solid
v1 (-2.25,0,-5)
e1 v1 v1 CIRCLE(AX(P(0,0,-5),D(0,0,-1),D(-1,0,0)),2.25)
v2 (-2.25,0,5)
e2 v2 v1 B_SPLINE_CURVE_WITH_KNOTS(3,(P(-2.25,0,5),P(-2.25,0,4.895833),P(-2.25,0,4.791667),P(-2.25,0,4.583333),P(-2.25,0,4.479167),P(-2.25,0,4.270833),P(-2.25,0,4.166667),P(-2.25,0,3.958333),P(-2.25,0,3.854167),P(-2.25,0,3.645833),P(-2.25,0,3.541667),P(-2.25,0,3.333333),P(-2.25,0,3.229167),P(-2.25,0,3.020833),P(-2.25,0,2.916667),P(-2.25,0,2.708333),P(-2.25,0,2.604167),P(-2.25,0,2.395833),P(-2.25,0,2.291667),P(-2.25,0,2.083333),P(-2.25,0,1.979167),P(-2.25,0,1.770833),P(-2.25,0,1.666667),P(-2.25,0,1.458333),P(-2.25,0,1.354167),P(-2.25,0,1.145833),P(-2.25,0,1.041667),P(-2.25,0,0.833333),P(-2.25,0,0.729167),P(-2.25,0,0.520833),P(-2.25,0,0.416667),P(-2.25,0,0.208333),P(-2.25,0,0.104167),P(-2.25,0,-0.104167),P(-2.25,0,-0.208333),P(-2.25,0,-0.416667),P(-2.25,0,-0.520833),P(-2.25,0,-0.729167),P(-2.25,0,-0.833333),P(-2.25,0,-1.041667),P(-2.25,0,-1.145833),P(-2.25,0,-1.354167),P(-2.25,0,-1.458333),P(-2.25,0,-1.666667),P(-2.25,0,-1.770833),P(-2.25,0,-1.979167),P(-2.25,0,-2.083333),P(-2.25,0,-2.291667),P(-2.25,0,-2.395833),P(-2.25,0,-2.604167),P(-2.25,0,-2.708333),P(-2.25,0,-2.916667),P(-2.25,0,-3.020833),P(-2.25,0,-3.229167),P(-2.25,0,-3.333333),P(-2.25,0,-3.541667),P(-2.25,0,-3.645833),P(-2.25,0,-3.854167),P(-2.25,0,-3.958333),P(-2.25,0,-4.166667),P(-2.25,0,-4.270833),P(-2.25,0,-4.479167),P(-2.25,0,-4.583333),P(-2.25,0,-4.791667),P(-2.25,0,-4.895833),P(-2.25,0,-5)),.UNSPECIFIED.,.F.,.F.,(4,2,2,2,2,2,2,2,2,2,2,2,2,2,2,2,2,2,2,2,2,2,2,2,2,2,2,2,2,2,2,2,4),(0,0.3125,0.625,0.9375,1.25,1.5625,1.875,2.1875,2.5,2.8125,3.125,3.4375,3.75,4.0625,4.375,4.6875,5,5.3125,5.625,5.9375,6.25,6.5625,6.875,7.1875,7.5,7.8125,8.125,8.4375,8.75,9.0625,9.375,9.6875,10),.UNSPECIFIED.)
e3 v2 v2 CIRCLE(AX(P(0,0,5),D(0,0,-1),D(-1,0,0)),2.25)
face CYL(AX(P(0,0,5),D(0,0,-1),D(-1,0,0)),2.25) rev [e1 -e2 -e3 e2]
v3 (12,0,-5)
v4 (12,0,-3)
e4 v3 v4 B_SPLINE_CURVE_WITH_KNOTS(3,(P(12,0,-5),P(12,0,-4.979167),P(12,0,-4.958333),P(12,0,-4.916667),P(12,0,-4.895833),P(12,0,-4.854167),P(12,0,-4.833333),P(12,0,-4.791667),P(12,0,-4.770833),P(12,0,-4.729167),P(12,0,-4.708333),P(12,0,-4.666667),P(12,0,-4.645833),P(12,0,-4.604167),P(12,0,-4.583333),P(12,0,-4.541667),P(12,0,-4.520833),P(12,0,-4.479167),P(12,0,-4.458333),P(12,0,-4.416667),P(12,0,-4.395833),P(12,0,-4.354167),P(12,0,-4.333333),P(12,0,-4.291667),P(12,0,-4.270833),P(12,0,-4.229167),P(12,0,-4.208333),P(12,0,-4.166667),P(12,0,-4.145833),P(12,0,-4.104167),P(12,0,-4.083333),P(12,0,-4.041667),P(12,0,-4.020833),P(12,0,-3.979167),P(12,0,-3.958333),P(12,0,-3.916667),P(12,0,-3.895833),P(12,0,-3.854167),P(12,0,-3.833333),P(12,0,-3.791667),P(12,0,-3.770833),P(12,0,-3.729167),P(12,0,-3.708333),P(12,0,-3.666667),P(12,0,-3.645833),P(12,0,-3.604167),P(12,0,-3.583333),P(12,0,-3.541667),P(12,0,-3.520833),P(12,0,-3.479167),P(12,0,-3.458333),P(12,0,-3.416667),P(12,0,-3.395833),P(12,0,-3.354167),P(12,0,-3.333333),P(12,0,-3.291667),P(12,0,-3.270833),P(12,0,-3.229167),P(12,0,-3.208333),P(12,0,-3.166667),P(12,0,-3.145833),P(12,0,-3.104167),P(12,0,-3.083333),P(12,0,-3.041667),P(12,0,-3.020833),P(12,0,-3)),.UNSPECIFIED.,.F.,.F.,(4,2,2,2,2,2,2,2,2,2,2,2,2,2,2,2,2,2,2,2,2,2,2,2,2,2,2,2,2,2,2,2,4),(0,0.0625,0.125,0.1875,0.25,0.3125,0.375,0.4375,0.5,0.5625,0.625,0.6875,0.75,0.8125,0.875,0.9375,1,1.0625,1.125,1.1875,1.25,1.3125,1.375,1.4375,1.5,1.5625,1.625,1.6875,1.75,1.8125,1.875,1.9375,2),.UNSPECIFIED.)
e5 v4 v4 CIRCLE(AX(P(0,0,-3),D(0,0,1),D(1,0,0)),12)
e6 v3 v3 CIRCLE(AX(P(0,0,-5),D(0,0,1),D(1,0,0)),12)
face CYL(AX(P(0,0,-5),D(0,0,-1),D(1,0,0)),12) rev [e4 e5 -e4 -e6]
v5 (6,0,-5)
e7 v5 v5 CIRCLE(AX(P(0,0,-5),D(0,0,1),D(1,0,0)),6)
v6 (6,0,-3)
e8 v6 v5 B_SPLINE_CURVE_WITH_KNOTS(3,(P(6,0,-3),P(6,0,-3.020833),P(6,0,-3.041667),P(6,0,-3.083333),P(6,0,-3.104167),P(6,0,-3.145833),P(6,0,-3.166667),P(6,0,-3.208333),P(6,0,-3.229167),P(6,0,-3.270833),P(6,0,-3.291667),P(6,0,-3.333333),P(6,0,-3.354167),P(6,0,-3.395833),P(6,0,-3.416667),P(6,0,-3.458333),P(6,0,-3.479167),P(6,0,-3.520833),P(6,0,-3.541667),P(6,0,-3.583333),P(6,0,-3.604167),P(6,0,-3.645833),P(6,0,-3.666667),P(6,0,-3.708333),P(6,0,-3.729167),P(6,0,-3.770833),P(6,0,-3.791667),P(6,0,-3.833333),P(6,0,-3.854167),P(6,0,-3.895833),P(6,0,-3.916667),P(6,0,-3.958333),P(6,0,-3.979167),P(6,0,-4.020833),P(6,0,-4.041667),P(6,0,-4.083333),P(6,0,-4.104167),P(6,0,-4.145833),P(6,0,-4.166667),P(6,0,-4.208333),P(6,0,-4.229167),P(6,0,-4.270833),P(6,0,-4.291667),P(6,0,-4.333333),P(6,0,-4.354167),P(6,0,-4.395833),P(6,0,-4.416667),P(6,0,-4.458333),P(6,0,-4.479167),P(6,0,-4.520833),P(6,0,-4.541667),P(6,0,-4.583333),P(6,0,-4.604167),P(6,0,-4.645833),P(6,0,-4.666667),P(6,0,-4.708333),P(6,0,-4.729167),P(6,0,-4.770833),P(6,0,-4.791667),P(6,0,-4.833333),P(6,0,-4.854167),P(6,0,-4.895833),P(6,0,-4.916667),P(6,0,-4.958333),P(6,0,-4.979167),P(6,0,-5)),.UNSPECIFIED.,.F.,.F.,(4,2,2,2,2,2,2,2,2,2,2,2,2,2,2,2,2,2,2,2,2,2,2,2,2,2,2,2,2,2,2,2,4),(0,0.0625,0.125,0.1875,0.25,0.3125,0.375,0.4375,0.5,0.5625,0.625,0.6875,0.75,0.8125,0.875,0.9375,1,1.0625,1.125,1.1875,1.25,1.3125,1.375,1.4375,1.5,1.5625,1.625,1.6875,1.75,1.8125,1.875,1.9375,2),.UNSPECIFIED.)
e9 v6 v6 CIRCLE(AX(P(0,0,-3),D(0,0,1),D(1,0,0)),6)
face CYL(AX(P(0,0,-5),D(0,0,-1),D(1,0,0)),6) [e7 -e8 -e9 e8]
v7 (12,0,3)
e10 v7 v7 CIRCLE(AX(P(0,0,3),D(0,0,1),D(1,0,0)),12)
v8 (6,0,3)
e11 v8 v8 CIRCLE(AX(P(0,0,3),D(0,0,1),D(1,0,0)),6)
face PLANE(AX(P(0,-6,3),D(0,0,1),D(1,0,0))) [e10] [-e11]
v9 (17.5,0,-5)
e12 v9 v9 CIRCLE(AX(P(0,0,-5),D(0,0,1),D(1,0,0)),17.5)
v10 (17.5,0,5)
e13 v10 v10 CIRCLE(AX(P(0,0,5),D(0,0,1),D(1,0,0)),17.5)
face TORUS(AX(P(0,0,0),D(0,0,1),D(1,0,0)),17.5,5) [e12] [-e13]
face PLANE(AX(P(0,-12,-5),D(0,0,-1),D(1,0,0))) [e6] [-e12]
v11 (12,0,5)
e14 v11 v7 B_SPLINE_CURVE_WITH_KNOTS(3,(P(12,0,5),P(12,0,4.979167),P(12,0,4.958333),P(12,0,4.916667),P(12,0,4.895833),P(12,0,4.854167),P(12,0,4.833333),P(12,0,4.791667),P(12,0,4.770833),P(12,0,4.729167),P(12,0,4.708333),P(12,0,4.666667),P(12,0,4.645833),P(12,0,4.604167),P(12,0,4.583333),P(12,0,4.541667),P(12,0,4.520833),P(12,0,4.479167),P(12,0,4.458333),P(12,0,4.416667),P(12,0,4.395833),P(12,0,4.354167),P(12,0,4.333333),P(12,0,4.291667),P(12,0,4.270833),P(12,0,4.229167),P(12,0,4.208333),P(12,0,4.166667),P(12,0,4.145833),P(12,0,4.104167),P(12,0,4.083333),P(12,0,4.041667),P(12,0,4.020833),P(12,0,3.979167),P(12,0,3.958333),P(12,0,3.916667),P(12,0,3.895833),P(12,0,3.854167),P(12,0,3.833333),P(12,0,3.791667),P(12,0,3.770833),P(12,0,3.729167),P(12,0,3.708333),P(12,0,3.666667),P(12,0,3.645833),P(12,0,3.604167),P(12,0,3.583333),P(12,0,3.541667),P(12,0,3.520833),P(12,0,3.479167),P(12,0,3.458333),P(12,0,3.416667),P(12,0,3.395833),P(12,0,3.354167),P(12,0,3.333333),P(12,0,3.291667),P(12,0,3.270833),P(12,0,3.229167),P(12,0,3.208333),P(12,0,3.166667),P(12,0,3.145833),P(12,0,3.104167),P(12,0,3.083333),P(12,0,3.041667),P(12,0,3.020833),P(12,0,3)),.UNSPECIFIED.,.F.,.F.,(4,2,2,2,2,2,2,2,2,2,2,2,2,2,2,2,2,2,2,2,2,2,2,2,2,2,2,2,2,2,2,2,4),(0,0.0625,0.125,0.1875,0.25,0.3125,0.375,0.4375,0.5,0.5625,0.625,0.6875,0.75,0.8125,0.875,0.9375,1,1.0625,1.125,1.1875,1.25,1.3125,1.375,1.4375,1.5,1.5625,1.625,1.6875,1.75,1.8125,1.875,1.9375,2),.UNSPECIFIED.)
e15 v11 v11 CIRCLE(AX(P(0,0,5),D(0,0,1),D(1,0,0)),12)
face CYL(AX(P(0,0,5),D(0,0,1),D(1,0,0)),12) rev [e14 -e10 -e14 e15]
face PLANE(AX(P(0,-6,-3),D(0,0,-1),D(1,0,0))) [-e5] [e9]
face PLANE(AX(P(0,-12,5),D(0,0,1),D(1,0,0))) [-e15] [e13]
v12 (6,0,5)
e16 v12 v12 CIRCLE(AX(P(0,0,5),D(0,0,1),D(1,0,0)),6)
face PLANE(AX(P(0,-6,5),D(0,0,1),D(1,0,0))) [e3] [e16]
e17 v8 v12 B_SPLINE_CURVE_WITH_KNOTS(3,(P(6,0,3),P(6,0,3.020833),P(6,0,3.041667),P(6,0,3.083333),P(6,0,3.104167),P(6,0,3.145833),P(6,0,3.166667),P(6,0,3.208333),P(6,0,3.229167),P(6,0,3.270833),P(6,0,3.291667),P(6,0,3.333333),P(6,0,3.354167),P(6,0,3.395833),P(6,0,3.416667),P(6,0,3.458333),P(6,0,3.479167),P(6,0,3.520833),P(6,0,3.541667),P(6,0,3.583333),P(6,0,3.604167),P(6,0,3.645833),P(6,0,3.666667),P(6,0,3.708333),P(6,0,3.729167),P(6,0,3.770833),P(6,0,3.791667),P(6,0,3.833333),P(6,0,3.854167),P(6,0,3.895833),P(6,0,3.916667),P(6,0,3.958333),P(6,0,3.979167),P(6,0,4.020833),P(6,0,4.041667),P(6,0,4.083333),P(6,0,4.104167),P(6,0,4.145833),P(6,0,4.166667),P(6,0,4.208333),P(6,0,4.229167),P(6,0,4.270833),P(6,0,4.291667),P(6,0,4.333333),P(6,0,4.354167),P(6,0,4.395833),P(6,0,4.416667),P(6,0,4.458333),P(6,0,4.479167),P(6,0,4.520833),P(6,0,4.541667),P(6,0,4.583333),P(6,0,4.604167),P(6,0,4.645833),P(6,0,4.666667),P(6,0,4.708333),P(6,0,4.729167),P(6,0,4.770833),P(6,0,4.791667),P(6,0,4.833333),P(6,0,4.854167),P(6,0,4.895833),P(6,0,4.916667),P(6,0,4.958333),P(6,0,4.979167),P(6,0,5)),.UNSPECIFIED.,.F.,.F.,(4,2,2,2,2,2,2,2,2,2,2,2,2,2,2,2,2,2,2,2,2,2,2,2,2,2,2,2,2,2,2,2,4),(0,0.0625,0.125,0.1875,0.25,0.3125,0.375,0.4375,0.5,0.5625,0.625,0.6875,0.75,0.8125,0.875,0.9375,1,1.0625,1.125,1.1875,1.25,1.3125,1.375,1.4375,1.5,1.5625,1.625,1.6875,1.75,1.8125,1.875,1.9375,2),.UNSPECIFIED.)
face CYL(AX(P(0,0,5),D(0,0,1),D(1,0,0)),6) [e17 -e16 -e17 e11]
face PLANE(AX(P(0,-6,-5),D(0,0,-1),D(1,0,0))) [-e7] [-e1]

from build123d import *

# Parameters (mm, degrees)
SKETCH3_R          = 2.25
CUT_EXTRUDE2_DEPTH = 34.35416016


with BuildPart() as part:
    # Sketch1 → Revolve1 (revolve)
    with BuildSketch(Plane(origin=(0, 0, 0), x_dir=(0, 0, -1), z_dir=(1, 0, 0)), mode=Mode.PRIVATE) as revolve1_sk:
        with BuildLine():
            Line((0, 0), (0, -22.5))
            ThreePointArc((0, -22.5), (-3.535533906, -21.035533906), (-5, -17.5))
            Line((-5, -17.5), (-5, -12))
            Line((-5, -12), (-3, -12))
            Line((-3, -12), (-3, -6))
            Line((-3, -6), (-5, -6))
            Line((-5, -6), (-5, 0))
            Line((-5, 0), (0, 0))
        make_face()
    revolve1 = revolve(revolve1_sk.sketch.rotate(Axis((0, 0, 5), (0, 0, -1)), 270), axis=Axis((0, 0, 5), (0, 0, -1)))

    # Mirror1: Revolve1 across plane
    add(revolve1.mirror(Plane.XY))

    # Sketch3 → Cut-Extrude2 (cut, through all)
    with BuildSketch(Plane(origin=(0, 0, -5), x_dir=(-1, 0, 0), z_dir=(0, 0, -1))):
        Circle(SKETCH3_R)
    extrude(amount=-CUT_EXTRUDE2_DEPTH, mode=Mode.SUBTRACT)


solid = part.part
